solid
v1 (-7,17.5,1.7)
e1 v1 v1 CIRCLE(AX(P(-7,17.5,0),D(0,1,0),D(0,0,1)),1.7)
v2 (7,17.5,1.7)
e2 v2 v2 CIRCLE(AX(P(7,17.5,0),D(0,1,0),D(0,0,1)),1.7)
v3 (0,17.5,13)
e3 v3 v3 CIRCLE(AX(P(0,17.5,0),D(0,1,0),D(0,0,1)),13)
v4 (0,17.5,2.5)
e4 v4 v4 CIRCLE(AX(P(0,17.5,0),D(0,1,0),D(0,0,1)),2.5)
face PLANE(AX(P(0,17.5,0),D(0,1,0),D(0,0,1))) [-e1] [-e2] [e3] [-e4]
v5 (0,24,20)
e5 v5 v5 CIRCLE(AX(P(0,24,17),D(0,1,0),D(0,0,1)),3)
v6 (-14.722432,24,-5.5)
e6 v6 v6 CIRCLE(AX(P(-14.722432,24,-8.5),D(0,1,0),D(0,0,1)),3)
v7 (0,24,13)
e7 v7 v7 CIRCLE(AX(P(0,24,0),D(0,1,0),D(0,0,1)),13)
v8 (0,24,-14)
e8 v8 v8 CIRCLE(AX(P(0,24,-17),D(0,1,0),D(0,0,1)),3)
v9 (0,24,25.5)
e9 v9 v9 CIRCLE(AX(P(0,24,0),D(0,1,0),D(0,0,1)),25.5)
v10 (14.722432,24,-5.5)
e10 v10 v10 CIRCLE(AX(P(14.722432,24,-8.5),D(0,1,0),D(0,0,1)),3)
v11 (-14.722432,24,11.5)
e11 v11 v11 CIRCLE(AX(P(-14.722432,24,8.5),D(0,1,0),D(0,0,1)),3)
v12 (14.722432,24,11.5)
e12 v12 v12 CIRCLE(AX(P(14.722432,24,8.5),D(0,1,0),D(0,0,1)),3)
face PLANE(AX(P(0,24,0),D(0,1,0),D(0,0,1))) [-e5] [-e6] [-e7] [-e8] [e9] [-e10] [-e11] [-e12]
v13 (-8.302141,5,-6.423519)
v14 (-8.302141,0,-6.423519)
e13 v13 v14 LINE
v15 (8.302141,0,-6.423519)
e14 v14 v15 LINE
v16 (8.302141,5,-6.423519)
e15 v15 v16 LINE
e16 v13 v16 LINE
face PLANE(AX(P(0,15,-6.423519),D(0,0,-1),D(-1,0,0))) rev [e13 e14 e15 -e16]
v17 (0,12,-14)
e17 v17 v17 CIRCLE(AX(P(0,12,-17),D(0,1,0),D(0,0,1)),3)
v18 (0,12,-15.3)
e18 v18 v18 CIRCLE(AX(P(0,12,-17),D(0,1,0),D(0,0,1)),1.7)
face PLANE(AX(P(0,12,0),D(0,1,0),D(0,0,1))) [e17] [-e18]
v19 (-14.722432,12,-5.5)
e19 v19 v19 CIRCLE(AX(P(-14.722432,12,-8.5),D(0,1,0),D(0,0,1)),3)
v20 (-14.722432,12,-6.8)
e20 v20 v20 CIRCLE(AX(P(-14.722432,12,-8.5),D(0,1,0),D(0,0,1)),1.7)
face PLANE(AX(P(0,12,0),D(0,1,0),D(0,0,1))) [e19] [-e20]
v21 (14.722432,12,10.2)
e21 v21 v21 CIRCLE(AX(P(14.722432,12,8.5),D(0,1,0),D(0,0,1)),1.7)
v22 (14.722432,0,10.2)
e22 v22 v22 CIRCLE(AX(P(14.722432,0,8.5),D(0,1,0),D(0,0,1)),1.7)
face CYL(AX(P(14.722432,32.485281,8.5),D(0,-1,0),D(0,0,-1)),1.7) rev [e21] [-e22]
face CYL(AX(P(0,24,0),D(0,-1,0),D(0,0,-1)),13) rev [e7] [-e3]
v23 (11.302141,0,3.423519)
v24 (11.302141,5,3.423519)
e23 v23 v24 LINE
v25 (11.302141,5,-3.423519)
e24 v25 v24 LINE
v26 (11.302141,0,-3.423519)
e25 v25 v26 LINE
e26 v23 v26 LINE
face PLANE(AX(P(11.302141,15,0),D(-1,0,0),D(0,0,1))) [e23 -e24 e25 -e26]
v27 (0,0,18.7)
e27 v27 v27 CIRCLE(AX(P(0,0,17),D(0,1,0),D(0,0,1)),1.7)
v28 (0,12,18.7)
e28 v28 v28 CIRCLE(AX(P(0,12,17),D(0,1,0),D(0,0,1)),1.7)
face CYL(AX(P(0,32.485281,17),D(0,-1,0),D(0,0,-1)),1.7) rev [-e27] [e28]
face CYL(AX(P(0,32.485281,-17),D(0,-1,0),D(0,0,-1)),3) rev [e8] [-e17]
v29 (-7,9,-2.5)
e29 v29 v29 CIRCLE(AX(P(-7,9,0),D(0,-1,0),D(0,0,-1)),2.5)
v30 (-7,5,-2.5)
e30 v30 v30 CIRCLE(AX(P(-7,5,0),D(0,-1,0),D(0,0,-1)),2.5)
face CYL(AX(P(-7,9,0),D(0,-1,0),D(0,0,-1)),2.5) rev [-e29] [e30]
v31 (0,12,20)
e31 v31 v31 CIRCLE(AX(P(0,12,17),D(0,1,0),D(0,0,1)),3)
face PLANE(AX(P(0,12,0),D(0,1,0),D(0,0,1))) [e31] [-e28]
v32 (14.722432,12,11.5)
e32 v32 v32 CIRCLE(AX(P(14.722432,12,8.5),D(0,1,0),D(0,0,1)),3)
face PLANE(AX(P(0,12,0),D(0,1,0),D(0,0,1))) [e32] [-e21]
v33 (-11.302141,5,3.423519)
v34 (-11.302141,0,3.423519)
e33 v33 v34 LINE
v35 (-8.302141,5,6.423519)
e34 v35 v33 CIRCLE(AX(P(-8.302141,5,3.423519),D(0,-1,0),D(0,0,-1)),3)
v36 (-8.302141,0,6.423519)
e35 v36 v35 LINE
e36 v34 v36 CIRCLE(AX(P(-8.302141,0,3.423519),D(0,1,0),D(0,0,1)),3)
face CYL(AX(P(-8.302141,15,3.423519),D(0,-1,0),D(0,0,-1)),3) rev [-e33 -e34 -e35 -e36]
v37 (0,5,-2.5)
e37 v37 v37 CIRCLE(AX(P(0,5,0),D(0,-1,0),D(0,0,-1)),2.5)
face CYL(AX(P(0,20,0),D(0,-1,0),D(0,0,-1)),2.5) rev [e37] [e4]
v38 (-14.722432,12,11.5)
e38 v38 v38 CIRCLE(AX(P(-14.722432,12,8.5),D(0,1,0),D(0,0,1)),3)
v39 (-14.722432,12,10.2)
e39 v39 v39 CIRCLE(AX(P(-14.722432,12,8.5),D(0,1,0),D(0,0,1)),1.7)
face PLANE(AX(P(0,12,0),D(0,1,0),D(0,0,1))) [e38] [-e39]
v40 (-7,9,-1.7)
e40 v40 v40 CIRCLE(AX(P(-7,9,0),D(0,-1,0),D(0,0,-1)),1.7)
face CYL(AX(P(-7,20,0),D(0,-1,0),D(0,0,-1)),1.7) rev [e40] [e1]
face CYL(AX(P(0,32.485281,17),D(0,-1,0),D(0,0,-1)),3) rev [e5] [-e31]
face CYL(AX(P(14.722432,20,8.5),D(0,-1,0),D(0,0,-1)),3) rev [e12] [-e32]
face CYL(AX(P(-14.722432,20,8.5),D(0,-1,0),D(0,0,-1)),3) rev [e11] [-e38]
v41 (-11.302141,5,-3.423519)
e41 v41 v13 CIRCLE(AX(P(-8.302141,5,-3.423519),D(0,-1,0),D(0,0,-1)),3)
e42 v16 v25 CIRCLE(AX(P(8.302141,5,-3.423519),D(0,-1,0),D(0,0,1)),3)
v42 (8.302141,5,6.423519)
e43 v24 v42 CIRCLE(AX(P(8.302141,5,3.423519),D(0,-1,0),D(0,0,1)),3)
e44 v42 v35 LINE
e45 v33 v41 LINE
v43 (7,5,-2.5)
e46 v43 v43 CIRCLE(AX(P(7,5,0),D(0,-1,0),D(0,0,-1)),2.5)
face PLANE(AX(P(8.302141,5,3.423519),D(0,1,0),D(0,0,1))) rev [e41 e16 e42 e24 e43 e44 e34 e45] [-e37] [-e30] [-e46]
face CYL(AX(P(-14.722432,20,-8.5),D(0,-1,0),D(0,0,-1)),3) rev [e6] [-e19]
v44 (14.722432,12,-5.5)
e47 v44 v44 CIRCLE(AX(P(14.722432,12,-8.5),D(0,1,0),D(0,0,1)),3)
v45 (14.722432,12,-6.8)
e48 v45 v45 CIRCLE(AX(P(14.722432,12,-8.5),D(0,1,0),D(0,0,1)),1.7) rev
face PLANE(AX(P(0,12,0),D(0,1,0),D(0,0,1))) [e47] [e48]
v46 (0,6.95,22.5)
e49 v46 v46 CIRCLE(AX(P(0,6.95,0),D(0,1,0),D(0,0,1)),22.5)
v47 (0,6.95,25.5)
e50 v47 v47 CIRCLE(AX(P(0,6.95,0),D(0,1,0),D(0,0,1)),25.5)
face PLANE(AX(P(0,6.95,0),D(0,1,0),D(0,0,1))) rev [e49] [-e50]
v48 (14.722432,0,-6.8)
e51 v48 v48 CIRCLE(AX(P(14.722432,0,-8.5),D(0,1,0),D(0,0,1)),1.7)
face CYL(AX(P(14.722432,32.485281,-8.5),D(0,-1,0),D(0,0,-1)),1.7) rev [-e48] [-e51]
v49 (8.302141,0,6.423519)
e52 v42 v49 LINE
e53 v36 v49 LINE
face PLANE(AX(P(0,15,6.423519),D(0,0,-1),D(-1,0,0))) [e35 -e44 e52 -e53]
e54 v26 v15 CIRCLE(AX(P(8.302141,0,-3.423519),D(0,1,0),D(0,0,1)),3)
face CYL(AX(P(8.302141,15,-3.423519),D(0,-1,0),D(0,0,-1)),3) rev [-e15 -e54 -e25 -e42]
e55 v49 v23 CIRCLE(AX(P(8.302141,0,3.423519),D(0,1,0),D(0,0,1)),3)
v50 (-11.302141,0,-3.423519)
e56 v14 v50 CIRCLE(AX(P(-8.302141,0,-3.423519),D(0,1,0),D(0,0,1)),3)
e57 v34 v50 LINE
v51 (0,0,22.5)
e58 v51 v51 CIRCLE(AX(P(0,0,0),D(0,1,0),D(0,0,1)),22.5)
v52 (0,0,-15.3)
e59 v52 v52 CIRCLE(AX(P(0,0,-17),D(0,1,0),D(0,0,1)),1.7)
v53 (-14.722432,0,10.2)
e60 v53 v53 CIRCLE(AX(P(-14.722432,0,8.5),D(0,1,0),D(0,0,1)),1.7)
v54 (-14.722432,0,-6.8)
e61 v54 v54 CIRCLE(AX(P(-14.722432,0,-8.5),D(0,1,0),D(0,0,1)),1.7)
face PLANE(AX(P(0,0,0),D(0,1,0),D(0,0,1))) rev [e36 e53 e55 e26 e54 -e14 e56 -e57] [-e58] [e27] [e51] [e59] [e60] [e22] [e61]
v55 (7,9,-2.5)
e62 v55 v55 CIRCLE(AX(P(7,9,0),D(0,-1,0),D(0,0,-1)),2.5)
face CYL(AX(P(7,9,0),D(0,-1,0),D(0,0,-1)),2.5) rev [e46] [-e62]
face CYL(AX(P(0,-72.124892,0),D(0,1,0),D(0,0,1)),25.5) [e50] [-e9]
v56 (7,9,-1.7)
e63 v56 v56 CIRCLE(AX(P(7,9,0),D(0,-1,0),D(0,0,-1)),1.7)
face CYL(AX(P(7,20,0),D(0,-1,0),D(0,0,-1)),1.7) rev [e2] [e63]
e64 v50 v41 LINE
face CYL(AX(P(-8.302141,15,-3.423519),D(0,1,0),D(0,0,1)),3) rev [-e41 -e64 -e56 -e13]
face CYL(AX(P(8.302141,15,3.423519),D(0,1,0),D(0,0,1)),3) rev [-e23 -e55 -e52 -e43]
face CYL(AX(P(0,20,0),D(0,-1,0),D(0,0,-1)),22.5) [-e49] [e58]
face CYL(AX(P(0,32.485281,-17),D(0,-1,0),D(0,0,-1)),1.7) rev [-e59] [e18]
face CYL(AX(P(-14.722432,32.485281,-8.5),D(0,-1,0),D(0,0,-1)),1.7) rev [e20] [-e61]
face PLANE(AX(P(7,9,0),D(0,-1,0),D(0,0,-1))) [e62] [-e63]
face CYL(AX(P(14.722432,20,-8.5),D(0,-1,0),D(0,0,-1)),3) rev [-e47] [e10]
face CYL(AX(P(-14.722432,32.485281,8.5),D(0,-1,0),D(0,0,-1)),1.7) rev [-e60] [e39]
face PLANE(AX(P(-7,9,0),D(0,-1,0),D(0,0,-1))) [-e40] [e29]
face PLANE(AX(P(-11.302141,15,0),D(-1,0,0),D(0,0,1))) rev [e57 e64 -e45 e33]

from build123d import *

# Parameters (mm, degrees)
SKETCH2_R            = 22.5
SKETCH2_R_2          = 1.7
SKETCH2_R_3          = 3
BOSS_EXTRUDE1_DEPTH  = 20
SKETCH2_6_R          = 22.5
SKETCH2_6_R_2        = 3
SKETCH2_6_R_3        = 13
SKETCH2_6_R_4        = 1.7
BOSS_EXTRUDE4_DEPTH  = 24
SKETCH2_8_W          = 22.604282846
SKETCH2_8_H          = 12.847038452
SKETCH2_8_R          = 2.5
CUT_EXTRUDE1_DEPTH   = 20
SKETCH2_9_W          = 22.604282846
SKETCH2_9_H          = 12.847038452
SKETCH2_9_R          = 1.7
SKETCH2_9_R_2        = 2.5
BOSS_EXTRUDE6_DEPTH  = 20
SKETCH2_10_W         = 22.604282846
SKETCH2_10_H         = 12.847038452
SKETCH2_10_R         = 1.7
SKETCH2_10_R_2       = 2.5
CUT_EXTRUDE2_DEPTH   = 15
FILLET3_R            = 3
SKETCH2_11_R         = 3
CUT_EXTRUDE3_DEPTH   = 24
CUT_EXTRUDE4_START   = -2.5
SKETCH3_R            = 13
CUT_EXTRUDE4_DEPTH   = 2.5
SKETCH2_13_R         = 3
SKETCH2_13_R_2       = 1.7
BOSS_EXTRUDE7_DEPTH  = 10
BOSS_EXTRUDE8_START  = -10
SKETCH4_R            = 25.5
SKETCH4_R_2          = 22.5
BOSS_EXTRUDE8_DEPTH  = 14
SKETCH5_R            = 3
SKETCH5_R_2          = 2.5
SKETCH5_R_3          = 1.7
BOSS_EXTRUDE9_DEPTH  = 2
SKETCH6_R            = 1.7
SKETCH6_R_2          = 2.5
BOSS_EXTRUDE10_DEPTH = 10
SKETCH7_R            = 2.5
SKETCH7_R_2          = 1.7
CUT_EXTRUDE5_DEPTH   = 4
BOSS_EXTRUDE11_START = -6.95
SKETCH4_2_R          = 25.5
SKETCH4_2_R_2        = 22.5
BOSS_EXTRUDE11_DEPTH = 3.05


with BuildPart() as part:
    # Sketch2 → Boss-Extrude1 (new body)
    with BuildSketch(Plane(origin=(0, 0, 0), x_dir=(1, 0, 0), z_dir=(0, 1, 0))):
        with Locations(Location((0, 0, 0), (0, 0, 270))):
            Circle(SKETCH2_R)
        with Locations(Location((-7, 0, 0), (0, 0, 270))):
            Circle(SKETCH2_R_2, mode=Mode.SUBTRACT)
        with Locations(Location((7, 0, 0), (0, 0, 270))):
            Circle(SKETCH2_R_2, mode=Mode.SUBTRACT)
        with Locations(Location((0, -17, 0), (0, 0, 270))):
            Circle(SKETCH2_R_2, mode=Mode.SUBTRACT)
        with Locations(Location((0, 17, 0), (0, 0, 270))):
            Circle(SKETCH2_R_2, mode=Mode.SUBTRACT)
        with Locations(Location((-14.722431864, -8.5, 0), (0, 0, 270))):
            Circle(SKETCH2_R_3, mode=Mode.SUBTRACT)
        with Locations(Location((-14.722431864, 8.5, 0), (0, 0, 270))):
            Circle(SKETCH2_R_3, mode=Mode.SUBTRACT)
        with Locations(Location((14.722431864, 8.5, 0), (0, 0, 270))):
            Circle(SKETCH2_R_3, mode=Mode.SUBTRACT)
        with Locations(Location((14.722431864, -8.5, 0), (0, 0, 270))):
            Circle(SKETCH2_R_3, mode=Mode.SUBTRACT)
    extrude(amount=BOSS_EXTRUDE1_DEPTH)

    # Sketch2<6> → Boss-Extrude4 (add)
    with BuildSketch(Plane(origin=(0, 0, 0), x_dir=(1, 0, 0), z_dir=(0, 1, 0))):
        with Locations(Location((0, 0, 0), (0, 0, 270))):
            Circle(SKETCH2_6_R)
        with Locations(Location((-14.722431864, -8.5, 0), (0, 0, 270))):
            Circle(SKETCH2_6_R_2, mode=Mode.SUBTRACT)
        with Locations(Location((14.722431864, -8.5, 0), (0, 0, 270))):
            Circle(SKETCH2_6_R_2, mode=Mode.SUBTRACT)
        with Locations(Location((-14.722431864, 8.5, 0), (0, 0, 270))):
            Circle(SKETCH2_6_R_2, mode=Mode.SUBTRACT)
        with Locations(Location((0, 0, 0), (0, 0, 270))):
            Circle(SKETCH2_6_R_3, mode=Mode.SUBTRACT)
        with Locations(Location((14.722431864, 8.5, 0), (0, 0, 270))):
            Circle(SKETCH2_6_R_2, mode=Mode.SUBTRACT)
        with Locations(Location((0, 17, 0), (0, 0, 270))):
            Circle(SKETCH2_6_R_4, mode=Mode.SUBTRACT)
        with Locations(Location((0, -17, 0), (0, 0, 270))):
            Circle(SKETCH2_6_R_4, mode=Mode.SUBTRACT)
    extrude(amount=BOSS_EXTRUDE4_DEPTH)

    # Sketch2<8> → Cut-Extrude1 (cut)
    # profile 1 of 2: a face of its own
    with BuildSketch(Plane(origin=(0, 0, 0), x_dir=(1, 0, 0), z_dir=(0, 1, 0))):
        Rectangle(SKETCH2_8_W, SKETCH2_8_H)
        Circle(SKETCH2_8_R, mode=Mode.SUBTRACT)
    # profile 2 of 2: a face of its own
    with BuildSketch(Plane(origin=(0, 0, 0), x_dir=(1, 0, 0), z_dir=(0, 1, 0))):
        Circle(SKETCH2_8_R)
    extrude(amount=CUT_EXTRUDE1_DEPTH, mode=Mode.SUBTRACT)

    # Sketch2<9> → Boss-Extrude6 (add)
    with BuildSketch(Plane(origin=(0, 0, 0), x_dir=(1, 0, 0), z_dir=(0, 1, 0))):
        Rectangle(SKETCH2_9_W, SKETCH2_9_H)
        with Locations(Location((-7, 0, 0), (0, 0, 270))):
            Circle(SKETCH2_9_R, mode=Mode.SUBTRACT)
        with Locations(Location((0, 0, 0), (0, 0, 270))):
            Circle(SKETCH2_9_R_2, mode=Mode.SUBTRACT)
        with Locations(Location((7, 0, 0), (0, 0, 270))):
            Circle(SKETCH2_9_R, mode=Mode.SUBTRACT)
    extrude(amount=BOSS_EXTRUDE6_DEPTH)

    # Sketch2<10> → Cut-Extrude2 (cut)
    with BuildSketch(Plane(origin=(0, 0, 0), x_dir=(1, 0, 0), z_dir=(0, 1, 0))):
        Rectangle(SKETCH2_10_W, SKETCH2_10_H)
        with Locations(Location((7, 0, 0), (0, 0, 270))):
            Circle(SKETCH2_10_R, mode=Mode.SUBTRACT)
        with Locations(Location((-7, 0, 0), (0, 0, 270))):
            Circle(SKETCH2_10_R, mode=Mode.SUBTRACT)
        with Locations(Location((0, 0, 0), (0, 0, 270))):
            Circle(SKETCH2_10_R_2, mode=Mode.SUBTRACT)
    extrude(amount=CUT_EXTRUDE2_DEPTH, mode=Mode.SUBTRACT)

    # Fillet3
    fillet3_edges = [part.edges().sort_by_distance(p)[0] for p in [
        (-11.302141423, 7.5, 6.423519226),
        (11.302141423, 7.5, 6.423519226),
        (11.302141423, 7.5, -6.423519226),
        (-11.302141423, 7.5, -6.423519226),
    ]]
    fillet(fillet3_edges, radius=FILLET3_R)

    # Sketch2<11> → Cut-Extrude3 (cut)
    with BuildSketch(Plane(origin=(0, 0, 0), x_dir=(1, 0, 0), z_dir=(0, 1, 0))):
        with Locations(Location((0, 17, 0), (0, 0, 270))):
            Circle(SKETCH2_11_R)
        with Locations(Location((0, -17, 0), (0, 0, 270))):
            Circle(SKETCH2_11_R)
    extrude(amount=CUT_EXTRUDE3_DEPTH, mode=Mode.SUBTRACT)

    # Sketch3 → Cut-Extrude4 (cut)
    with BuildSketch(Plane(origin=(0, 20, 0), x_dir=(1, 0, 0), z_dir=(0, 1, 0)).offset(CUT_EXTRUDE4_START)):
        with Locations(Location((0, 0, 0), (0, 0, 270))):
            Circle(SKETCH3_R)
    extrude(amount=CUT_EXTRUDE4_DEPTH, mode=Mode.SUBTRACT)

    # Sketch2<13> → Boss-Extrude7 (add)
    # profile 1 of 6: a face of its own
    with BuildSketch(Plane(origin=(0, 0, 0), x_dir=(1, 0, 0), z_dir=(0, 1, 0))):
        with Locations(Location((-14.722431864, -8.5, 0), (0, 0, 270))):
            Circle(SKETCH2_13_R)
        with Locations(Location((-14.722431864, -8.5, 0), (0, 0, 270))):
            Circle(SKETCH2_13_R_2, mode=Mode.SUBTRACT)
    # profile 2 of 6: a face of its own
    with BuildSketch(Plane(origin=(0, 0, 0), x_dir=(1, 0, 0), z_dir=(0, 1, 0))):
        with Locations(Location((-14.722431864, 8.5, 0), (0, 0, 270))):
            Circle(SKETCH2_13_R)
        with Locations(Location((-14.722431864, 8.5, 0), (0, 0, 270))):
            Circle(SKETCH2_13_R_2, mode=Mode.SUBTRACT)
    # profile 3 of 6: a face of its own
    with BuildSketch(Plane(origin=(0, 0, 0), x_dir=(1, 0, 0), z_dir=(0, 1, 0))):
        with Locations(Location((14.722431864, 8.5, 0), (0, 0, 270))):
            Circle(SKETCH2_13_R)
        with Locations(Location((14.722431864, 8.5, 0), (0, 0, 270))):
            Circle(SKETCH2_13_R_2, mode=Mode.SUBTRACT)
    # profile 4 of 6: a face of its own
    with BuildSketch(Plane(origin=(0, 0, 0), x_dir=(1, 0, 0), z_dir=(0, 1, 0))):
        with Locations(Location((14.722431864, -8.5, 0), (0, 0, 270))):
            Circle(SKETCH2_13_R)
        with Locations(Location((14.722431864, -8.5, 0), (0, 0, 270))):
            Circle(SKETCH2_13_R_2, mode=Mode.SUBTRACT)
    # profile 5 of 6: a face of its own
    with BuildSketch(Plane(origin=(0, 0, 0), x_dir=(1, 0, 0), z_dir=(0, 1, 0))):
        with Locations(Location((0, 17, 0), (0, 0, 270))):
            Circle(SKETCH2_13_R)
        with Locations(Location((0, 17, 0), (0, 0, 270))):
            Circle(SKETCH2_13_R_2, mode=Mode.SUBTRACT)
    # profile 6 of 6: a face of its own
    with BuildSketch(Plane(origin=(0, 0, 0), x_dir=(1, 0, 0), z_dir=(0, 1, 0))):
        with Locations(Location((0, -17, 0), (0, 0, 270))):
            Circle(SKETCH2_13_R)
        with Locations(Location((0, -17, 0), (0, 0, 270))):
            Circle(SKETCH2_13_R_2, mode=Mode.SUBTRACT)
    extrude(amount=BOSS_EXTRUDE7_DEPTH)

    # Sketch4 → Boss-Extrude8 (add)
    with BuildSketch(Plane.XZ.offset(BOSS_EXTRUDE8_START)):
        with Locations(Location((0, 0, 0), (0, 0, 90))):
            Circle(SKETCH4_R)
        with Locations(Location((0, 0, 0), (0, 0, 90))):
            Circle(SKETCH4_R_2, mode=Mode.SUBTRACT)
    extrude(amount=-BOSS_EXTRUDE8_DEPTH)

    # Sketch5 → Boss-Extrude9 (add)
    # profile 1 of 12: a face of its own
    with BuildSketch(Plane(origin=(0, 10, 0), x_dir=(1, 0, 0), z_dir=(0, 1, 0))):
        with Locations(Location((-14.722431864, 8.5, 0), (0, 0, 270))):
            Circle(SKETCH5_R)
        with Locations((-14.722431864, 8.5)):
            Circle(SKETCH5_R_2, mode=Mode.SUBTRACT)
    # profile 2 of 12: a face of its own
    with BuildSketch(Plane(origin=(0, 10, 0), x_dir=(1, 0, 0), z_dir=(0, 1, 0))):
        with Locations((-14.722431864, 8.5)):
            Circle(SKETCH5_R_2)
        with Locations(Location((-14.722431864, 8.5, 0), (0, 0, 270))):
            Circle(SKETCH5_R_3, mode=Mode.SUBTRACT)
    # profile 3 of 12: a face of its own
    with BuildSketch(Plane(origin=(0, 10, 0), x_dir=(1, 0, 0), z_dir=(0, 1, 0))):
        with Locations(Location((0, 17, 0), (0, 0, 270))):
            Circle(SKETCH5_R)
        with Locations((0, 17)):
            Circle(SKETCH5_R_2, mode=Mode.SUBTRACT)
    # profile 4 of 12: a face of its own
    with BuildSketch(Plane(origin=(0, 10, 0), x_dir=(1, 0, 0), z_dir=(0, 1, 0))):
        with Locations((0, 17)):
            Circle(SKETCH5_R_2)
        with Locations(Location((0, 17, 0), (0, 0, 270))):
            Circle(SKETCH5_R_3, mode=Mode.SUBTRACT)
    # profile 5 of 12: a face of its own
    with BuildSketch(Plane(origin=(0, 10, 0), x_dir=(1, 0, 0), z_dir=(0, 1, 0))):
        with Locations(Location((14.722431864, 8.5, 0), (0, 0, 270))):
            Circle(SKETCH5_R)
        with Locations((14.722431864, 8.5)):
            Circle(SKETCH5_R_2, mode=Mode.SUBTRACT)
    # profile 6 of 12: a face of its own
    with BuildSketch(Plane(origin=(0, 10, 0), x_dir=(1, 0, 0), z_dir=(0, 1, 0))):
        with Locations((14.722431864, 8.5)):
            Circle(SKETCH5_R_2)
        with Locations(Location((14.722431864, 8.5, 0), (0, 0, 270))):
            Circle(SKETCH5_R_3, mode=Mode.SUBTRACT)
    # profile 7 of 12: a face of its own
    with BuildSketch(Plane(origin=(0, 10, 0), x_dir=(1, 0, 0), z_dir=(0, 1, 0))):
        with Locations(Location((14.722431864, -8.5, 0), (0, 0, 270))):
            Circle(SKETCH5_R)
        with Locations((14.722431864, -8.5)):
            Circle(SKETCH5_R_2, mode=Mode.SUBTRACT)
    # profile 8 of 12: a face of its own
    with BuildSketch(Plane(origin=(0, 10, 0), x_dir=(1, 0, 0), z_dir=(0, 1, 0))):
        with Locations((14.722431864, -8.5)):
            Circle(SKETCH5_R_2)
        with Locations(Location((14.722431864, -8.5, 0), (0, 0, 270))):
            Circle(SKETCH5_R_3, mode=Mode.SUBTRACT)
    # profile 9 of 12: a face of its own
    with BuildSketch(Plane(origin=(0, 10, 0), x_dir=(1, 0, 0), z_dir=(0, 1, 0))):
        with Locations(Location((0, -17, 0), (0, 0, 270))):
            Circle(SKETCH5_R)
        with Locations((0, -17)):
            Circle(SKETCH5_R_2, mode=Mode.SUBTRACT)
    # profile 10 of 12: a face of its own
    with BuildSketch(Plane(origin=(0, 10, 0), x_dir=(1, 0, 0), z_dir=(0, 1, 0))):
        with Locations((0, -17)):
            Circle(SKETCH5_R_2)
        with Locations(Location((0, -17, 0), (0, 0, 270))):
            Circle(SKETCH5_R_3, mode=Mode.SUBTRACT)
    # profile 11 of 12: a face of its own
    with BuildSketch(Plane(origin=(0, 10, 0), x_dir=(1, 0, 0), z_dir=(0, 1, 0))):
        with Locations(Location((-14.722431864, -8.5, 0), (0, 0, 270))):
            Circle(SKETCH5_R)
        with Locations((-14.722431864, -8.5)):
            Circle(SKETCH5_R_2, mode=Mode.SUBTRACT)
    # profile 12 of 12: a face of its own
    with BuildSketch(Plane(origin=(0, 10, 0), x_dir=(1, 0, 0), z_dir=(0, 1, 0))):
        with Locations((-14.722431864, -8.5)):
            Circle(SKETCH5_R_2)
        with Locations(Location((-14.722431864, -8.5, 0), (0, 0, 270))):
            Circle(SKETCH5_R_3, mode=Mode.SUBTRACT)
    extrude(amount=BOSS_EXTRUDE9_DEPTH)

    # Sketch6 → Boss-Extrude10 (add)
    with BuildSketch(Plane.XZ.offset(-15)):
        with BuildLine():
            Line((11.302141423, 3.423519226), (11.302141423, -3.423519226))
            ThreePointArc((11.302141423, -3.423519226), (10.423461767, -5.54483957), (8.302141423, -6.423519226))
            Line((8.302141423, -6.423519226), (-8.302141423, -6.423519226))
            ThreePointArc((-8.302141423, -6.423519226), (-10.423461767, -5.54483957), (-11.302141423, -3.423519226))
            Line((-11.302141423, -3.423519226), (-11.302141423, 3.423519226))
            ThreePointArc((-11.302141423, 3.423519226), (-10.423461767, 5.54483957), (-8.302141423, 6.423519226))
            Line((-8.302141423, 6.423519226), (8.302141423, 6.423519226))
            ThreePointArc((8.302141423, 6.423519226), (10.423461767, 5.54483957), (11.302141423, 3.423519226))
        make_face()
        with Locations(Location((7, 0, 0), (0, 0, 270))):
            Circle(SKETCH6_R, mode=Mode.SUBTRACT)
        with Locations(Location((0, 0, 0), (0, 0, 270))):
            Circle(SKETCH6_R_2, mode=Mode.SUBTRACT)
        with Locations(Location((-7, 0, 0), (0, 0, 270))):
            Circle(SKETCH6_R, mode=Mode.SUBTRACT)
    extrude(amount=BOSS_EXTRUDE10_DEPTH)

    # Sketch7 → Cut-Extrude5 (cut)
    # profile 1 of 2: a face of its own
    with BuildSketch(Plane.XZ.offset(-5)):
        with Locations(Location((-7, 0, 0), (0, 0, 270))):
            Circle(SKETCH7_R)
        with Locations(Location((-7, 0, 0), (0, 0, 270))):
            Circle(SKETCH7_R_2, mode=Mode.SUBTRACT)
    # profile 2 of 2: a face of its own
    with BuildSketch(Plane.XZ.offset(-5)):
        with Locations(Location((7, 0, 0), (0, 0, 270))):
            Circle(SKETCH7_R)
        with Locations(Location((7, 0, 0), (0, 0, 270))):
            Circle(SKETCH7_R_2, mode=Mode.SUBTRACT)
    extrude(amount=-CUT_EXTRUDE5_DEPTH, mode=Mode.SUBTRACT)

    # Sketch4<2> → Boss-Extrude11 (add)
    with BuildSketch(Plane.XZ.offset(BOSS_EXTRUDE11_START)):
        with Locations(Location((0, 0, 0), (0, 0, 90))):
            Circle(SKETCH4_2_R)
        with Locations(Location((0, 0, 0), (0, 0, 90))):
            Circle(SKETCH4_2_R_2, mode=Mode.SUBTRACT)
    extrude(amount=-BOSS_EXTRUDE11_DEPTH)


solid = part.part
